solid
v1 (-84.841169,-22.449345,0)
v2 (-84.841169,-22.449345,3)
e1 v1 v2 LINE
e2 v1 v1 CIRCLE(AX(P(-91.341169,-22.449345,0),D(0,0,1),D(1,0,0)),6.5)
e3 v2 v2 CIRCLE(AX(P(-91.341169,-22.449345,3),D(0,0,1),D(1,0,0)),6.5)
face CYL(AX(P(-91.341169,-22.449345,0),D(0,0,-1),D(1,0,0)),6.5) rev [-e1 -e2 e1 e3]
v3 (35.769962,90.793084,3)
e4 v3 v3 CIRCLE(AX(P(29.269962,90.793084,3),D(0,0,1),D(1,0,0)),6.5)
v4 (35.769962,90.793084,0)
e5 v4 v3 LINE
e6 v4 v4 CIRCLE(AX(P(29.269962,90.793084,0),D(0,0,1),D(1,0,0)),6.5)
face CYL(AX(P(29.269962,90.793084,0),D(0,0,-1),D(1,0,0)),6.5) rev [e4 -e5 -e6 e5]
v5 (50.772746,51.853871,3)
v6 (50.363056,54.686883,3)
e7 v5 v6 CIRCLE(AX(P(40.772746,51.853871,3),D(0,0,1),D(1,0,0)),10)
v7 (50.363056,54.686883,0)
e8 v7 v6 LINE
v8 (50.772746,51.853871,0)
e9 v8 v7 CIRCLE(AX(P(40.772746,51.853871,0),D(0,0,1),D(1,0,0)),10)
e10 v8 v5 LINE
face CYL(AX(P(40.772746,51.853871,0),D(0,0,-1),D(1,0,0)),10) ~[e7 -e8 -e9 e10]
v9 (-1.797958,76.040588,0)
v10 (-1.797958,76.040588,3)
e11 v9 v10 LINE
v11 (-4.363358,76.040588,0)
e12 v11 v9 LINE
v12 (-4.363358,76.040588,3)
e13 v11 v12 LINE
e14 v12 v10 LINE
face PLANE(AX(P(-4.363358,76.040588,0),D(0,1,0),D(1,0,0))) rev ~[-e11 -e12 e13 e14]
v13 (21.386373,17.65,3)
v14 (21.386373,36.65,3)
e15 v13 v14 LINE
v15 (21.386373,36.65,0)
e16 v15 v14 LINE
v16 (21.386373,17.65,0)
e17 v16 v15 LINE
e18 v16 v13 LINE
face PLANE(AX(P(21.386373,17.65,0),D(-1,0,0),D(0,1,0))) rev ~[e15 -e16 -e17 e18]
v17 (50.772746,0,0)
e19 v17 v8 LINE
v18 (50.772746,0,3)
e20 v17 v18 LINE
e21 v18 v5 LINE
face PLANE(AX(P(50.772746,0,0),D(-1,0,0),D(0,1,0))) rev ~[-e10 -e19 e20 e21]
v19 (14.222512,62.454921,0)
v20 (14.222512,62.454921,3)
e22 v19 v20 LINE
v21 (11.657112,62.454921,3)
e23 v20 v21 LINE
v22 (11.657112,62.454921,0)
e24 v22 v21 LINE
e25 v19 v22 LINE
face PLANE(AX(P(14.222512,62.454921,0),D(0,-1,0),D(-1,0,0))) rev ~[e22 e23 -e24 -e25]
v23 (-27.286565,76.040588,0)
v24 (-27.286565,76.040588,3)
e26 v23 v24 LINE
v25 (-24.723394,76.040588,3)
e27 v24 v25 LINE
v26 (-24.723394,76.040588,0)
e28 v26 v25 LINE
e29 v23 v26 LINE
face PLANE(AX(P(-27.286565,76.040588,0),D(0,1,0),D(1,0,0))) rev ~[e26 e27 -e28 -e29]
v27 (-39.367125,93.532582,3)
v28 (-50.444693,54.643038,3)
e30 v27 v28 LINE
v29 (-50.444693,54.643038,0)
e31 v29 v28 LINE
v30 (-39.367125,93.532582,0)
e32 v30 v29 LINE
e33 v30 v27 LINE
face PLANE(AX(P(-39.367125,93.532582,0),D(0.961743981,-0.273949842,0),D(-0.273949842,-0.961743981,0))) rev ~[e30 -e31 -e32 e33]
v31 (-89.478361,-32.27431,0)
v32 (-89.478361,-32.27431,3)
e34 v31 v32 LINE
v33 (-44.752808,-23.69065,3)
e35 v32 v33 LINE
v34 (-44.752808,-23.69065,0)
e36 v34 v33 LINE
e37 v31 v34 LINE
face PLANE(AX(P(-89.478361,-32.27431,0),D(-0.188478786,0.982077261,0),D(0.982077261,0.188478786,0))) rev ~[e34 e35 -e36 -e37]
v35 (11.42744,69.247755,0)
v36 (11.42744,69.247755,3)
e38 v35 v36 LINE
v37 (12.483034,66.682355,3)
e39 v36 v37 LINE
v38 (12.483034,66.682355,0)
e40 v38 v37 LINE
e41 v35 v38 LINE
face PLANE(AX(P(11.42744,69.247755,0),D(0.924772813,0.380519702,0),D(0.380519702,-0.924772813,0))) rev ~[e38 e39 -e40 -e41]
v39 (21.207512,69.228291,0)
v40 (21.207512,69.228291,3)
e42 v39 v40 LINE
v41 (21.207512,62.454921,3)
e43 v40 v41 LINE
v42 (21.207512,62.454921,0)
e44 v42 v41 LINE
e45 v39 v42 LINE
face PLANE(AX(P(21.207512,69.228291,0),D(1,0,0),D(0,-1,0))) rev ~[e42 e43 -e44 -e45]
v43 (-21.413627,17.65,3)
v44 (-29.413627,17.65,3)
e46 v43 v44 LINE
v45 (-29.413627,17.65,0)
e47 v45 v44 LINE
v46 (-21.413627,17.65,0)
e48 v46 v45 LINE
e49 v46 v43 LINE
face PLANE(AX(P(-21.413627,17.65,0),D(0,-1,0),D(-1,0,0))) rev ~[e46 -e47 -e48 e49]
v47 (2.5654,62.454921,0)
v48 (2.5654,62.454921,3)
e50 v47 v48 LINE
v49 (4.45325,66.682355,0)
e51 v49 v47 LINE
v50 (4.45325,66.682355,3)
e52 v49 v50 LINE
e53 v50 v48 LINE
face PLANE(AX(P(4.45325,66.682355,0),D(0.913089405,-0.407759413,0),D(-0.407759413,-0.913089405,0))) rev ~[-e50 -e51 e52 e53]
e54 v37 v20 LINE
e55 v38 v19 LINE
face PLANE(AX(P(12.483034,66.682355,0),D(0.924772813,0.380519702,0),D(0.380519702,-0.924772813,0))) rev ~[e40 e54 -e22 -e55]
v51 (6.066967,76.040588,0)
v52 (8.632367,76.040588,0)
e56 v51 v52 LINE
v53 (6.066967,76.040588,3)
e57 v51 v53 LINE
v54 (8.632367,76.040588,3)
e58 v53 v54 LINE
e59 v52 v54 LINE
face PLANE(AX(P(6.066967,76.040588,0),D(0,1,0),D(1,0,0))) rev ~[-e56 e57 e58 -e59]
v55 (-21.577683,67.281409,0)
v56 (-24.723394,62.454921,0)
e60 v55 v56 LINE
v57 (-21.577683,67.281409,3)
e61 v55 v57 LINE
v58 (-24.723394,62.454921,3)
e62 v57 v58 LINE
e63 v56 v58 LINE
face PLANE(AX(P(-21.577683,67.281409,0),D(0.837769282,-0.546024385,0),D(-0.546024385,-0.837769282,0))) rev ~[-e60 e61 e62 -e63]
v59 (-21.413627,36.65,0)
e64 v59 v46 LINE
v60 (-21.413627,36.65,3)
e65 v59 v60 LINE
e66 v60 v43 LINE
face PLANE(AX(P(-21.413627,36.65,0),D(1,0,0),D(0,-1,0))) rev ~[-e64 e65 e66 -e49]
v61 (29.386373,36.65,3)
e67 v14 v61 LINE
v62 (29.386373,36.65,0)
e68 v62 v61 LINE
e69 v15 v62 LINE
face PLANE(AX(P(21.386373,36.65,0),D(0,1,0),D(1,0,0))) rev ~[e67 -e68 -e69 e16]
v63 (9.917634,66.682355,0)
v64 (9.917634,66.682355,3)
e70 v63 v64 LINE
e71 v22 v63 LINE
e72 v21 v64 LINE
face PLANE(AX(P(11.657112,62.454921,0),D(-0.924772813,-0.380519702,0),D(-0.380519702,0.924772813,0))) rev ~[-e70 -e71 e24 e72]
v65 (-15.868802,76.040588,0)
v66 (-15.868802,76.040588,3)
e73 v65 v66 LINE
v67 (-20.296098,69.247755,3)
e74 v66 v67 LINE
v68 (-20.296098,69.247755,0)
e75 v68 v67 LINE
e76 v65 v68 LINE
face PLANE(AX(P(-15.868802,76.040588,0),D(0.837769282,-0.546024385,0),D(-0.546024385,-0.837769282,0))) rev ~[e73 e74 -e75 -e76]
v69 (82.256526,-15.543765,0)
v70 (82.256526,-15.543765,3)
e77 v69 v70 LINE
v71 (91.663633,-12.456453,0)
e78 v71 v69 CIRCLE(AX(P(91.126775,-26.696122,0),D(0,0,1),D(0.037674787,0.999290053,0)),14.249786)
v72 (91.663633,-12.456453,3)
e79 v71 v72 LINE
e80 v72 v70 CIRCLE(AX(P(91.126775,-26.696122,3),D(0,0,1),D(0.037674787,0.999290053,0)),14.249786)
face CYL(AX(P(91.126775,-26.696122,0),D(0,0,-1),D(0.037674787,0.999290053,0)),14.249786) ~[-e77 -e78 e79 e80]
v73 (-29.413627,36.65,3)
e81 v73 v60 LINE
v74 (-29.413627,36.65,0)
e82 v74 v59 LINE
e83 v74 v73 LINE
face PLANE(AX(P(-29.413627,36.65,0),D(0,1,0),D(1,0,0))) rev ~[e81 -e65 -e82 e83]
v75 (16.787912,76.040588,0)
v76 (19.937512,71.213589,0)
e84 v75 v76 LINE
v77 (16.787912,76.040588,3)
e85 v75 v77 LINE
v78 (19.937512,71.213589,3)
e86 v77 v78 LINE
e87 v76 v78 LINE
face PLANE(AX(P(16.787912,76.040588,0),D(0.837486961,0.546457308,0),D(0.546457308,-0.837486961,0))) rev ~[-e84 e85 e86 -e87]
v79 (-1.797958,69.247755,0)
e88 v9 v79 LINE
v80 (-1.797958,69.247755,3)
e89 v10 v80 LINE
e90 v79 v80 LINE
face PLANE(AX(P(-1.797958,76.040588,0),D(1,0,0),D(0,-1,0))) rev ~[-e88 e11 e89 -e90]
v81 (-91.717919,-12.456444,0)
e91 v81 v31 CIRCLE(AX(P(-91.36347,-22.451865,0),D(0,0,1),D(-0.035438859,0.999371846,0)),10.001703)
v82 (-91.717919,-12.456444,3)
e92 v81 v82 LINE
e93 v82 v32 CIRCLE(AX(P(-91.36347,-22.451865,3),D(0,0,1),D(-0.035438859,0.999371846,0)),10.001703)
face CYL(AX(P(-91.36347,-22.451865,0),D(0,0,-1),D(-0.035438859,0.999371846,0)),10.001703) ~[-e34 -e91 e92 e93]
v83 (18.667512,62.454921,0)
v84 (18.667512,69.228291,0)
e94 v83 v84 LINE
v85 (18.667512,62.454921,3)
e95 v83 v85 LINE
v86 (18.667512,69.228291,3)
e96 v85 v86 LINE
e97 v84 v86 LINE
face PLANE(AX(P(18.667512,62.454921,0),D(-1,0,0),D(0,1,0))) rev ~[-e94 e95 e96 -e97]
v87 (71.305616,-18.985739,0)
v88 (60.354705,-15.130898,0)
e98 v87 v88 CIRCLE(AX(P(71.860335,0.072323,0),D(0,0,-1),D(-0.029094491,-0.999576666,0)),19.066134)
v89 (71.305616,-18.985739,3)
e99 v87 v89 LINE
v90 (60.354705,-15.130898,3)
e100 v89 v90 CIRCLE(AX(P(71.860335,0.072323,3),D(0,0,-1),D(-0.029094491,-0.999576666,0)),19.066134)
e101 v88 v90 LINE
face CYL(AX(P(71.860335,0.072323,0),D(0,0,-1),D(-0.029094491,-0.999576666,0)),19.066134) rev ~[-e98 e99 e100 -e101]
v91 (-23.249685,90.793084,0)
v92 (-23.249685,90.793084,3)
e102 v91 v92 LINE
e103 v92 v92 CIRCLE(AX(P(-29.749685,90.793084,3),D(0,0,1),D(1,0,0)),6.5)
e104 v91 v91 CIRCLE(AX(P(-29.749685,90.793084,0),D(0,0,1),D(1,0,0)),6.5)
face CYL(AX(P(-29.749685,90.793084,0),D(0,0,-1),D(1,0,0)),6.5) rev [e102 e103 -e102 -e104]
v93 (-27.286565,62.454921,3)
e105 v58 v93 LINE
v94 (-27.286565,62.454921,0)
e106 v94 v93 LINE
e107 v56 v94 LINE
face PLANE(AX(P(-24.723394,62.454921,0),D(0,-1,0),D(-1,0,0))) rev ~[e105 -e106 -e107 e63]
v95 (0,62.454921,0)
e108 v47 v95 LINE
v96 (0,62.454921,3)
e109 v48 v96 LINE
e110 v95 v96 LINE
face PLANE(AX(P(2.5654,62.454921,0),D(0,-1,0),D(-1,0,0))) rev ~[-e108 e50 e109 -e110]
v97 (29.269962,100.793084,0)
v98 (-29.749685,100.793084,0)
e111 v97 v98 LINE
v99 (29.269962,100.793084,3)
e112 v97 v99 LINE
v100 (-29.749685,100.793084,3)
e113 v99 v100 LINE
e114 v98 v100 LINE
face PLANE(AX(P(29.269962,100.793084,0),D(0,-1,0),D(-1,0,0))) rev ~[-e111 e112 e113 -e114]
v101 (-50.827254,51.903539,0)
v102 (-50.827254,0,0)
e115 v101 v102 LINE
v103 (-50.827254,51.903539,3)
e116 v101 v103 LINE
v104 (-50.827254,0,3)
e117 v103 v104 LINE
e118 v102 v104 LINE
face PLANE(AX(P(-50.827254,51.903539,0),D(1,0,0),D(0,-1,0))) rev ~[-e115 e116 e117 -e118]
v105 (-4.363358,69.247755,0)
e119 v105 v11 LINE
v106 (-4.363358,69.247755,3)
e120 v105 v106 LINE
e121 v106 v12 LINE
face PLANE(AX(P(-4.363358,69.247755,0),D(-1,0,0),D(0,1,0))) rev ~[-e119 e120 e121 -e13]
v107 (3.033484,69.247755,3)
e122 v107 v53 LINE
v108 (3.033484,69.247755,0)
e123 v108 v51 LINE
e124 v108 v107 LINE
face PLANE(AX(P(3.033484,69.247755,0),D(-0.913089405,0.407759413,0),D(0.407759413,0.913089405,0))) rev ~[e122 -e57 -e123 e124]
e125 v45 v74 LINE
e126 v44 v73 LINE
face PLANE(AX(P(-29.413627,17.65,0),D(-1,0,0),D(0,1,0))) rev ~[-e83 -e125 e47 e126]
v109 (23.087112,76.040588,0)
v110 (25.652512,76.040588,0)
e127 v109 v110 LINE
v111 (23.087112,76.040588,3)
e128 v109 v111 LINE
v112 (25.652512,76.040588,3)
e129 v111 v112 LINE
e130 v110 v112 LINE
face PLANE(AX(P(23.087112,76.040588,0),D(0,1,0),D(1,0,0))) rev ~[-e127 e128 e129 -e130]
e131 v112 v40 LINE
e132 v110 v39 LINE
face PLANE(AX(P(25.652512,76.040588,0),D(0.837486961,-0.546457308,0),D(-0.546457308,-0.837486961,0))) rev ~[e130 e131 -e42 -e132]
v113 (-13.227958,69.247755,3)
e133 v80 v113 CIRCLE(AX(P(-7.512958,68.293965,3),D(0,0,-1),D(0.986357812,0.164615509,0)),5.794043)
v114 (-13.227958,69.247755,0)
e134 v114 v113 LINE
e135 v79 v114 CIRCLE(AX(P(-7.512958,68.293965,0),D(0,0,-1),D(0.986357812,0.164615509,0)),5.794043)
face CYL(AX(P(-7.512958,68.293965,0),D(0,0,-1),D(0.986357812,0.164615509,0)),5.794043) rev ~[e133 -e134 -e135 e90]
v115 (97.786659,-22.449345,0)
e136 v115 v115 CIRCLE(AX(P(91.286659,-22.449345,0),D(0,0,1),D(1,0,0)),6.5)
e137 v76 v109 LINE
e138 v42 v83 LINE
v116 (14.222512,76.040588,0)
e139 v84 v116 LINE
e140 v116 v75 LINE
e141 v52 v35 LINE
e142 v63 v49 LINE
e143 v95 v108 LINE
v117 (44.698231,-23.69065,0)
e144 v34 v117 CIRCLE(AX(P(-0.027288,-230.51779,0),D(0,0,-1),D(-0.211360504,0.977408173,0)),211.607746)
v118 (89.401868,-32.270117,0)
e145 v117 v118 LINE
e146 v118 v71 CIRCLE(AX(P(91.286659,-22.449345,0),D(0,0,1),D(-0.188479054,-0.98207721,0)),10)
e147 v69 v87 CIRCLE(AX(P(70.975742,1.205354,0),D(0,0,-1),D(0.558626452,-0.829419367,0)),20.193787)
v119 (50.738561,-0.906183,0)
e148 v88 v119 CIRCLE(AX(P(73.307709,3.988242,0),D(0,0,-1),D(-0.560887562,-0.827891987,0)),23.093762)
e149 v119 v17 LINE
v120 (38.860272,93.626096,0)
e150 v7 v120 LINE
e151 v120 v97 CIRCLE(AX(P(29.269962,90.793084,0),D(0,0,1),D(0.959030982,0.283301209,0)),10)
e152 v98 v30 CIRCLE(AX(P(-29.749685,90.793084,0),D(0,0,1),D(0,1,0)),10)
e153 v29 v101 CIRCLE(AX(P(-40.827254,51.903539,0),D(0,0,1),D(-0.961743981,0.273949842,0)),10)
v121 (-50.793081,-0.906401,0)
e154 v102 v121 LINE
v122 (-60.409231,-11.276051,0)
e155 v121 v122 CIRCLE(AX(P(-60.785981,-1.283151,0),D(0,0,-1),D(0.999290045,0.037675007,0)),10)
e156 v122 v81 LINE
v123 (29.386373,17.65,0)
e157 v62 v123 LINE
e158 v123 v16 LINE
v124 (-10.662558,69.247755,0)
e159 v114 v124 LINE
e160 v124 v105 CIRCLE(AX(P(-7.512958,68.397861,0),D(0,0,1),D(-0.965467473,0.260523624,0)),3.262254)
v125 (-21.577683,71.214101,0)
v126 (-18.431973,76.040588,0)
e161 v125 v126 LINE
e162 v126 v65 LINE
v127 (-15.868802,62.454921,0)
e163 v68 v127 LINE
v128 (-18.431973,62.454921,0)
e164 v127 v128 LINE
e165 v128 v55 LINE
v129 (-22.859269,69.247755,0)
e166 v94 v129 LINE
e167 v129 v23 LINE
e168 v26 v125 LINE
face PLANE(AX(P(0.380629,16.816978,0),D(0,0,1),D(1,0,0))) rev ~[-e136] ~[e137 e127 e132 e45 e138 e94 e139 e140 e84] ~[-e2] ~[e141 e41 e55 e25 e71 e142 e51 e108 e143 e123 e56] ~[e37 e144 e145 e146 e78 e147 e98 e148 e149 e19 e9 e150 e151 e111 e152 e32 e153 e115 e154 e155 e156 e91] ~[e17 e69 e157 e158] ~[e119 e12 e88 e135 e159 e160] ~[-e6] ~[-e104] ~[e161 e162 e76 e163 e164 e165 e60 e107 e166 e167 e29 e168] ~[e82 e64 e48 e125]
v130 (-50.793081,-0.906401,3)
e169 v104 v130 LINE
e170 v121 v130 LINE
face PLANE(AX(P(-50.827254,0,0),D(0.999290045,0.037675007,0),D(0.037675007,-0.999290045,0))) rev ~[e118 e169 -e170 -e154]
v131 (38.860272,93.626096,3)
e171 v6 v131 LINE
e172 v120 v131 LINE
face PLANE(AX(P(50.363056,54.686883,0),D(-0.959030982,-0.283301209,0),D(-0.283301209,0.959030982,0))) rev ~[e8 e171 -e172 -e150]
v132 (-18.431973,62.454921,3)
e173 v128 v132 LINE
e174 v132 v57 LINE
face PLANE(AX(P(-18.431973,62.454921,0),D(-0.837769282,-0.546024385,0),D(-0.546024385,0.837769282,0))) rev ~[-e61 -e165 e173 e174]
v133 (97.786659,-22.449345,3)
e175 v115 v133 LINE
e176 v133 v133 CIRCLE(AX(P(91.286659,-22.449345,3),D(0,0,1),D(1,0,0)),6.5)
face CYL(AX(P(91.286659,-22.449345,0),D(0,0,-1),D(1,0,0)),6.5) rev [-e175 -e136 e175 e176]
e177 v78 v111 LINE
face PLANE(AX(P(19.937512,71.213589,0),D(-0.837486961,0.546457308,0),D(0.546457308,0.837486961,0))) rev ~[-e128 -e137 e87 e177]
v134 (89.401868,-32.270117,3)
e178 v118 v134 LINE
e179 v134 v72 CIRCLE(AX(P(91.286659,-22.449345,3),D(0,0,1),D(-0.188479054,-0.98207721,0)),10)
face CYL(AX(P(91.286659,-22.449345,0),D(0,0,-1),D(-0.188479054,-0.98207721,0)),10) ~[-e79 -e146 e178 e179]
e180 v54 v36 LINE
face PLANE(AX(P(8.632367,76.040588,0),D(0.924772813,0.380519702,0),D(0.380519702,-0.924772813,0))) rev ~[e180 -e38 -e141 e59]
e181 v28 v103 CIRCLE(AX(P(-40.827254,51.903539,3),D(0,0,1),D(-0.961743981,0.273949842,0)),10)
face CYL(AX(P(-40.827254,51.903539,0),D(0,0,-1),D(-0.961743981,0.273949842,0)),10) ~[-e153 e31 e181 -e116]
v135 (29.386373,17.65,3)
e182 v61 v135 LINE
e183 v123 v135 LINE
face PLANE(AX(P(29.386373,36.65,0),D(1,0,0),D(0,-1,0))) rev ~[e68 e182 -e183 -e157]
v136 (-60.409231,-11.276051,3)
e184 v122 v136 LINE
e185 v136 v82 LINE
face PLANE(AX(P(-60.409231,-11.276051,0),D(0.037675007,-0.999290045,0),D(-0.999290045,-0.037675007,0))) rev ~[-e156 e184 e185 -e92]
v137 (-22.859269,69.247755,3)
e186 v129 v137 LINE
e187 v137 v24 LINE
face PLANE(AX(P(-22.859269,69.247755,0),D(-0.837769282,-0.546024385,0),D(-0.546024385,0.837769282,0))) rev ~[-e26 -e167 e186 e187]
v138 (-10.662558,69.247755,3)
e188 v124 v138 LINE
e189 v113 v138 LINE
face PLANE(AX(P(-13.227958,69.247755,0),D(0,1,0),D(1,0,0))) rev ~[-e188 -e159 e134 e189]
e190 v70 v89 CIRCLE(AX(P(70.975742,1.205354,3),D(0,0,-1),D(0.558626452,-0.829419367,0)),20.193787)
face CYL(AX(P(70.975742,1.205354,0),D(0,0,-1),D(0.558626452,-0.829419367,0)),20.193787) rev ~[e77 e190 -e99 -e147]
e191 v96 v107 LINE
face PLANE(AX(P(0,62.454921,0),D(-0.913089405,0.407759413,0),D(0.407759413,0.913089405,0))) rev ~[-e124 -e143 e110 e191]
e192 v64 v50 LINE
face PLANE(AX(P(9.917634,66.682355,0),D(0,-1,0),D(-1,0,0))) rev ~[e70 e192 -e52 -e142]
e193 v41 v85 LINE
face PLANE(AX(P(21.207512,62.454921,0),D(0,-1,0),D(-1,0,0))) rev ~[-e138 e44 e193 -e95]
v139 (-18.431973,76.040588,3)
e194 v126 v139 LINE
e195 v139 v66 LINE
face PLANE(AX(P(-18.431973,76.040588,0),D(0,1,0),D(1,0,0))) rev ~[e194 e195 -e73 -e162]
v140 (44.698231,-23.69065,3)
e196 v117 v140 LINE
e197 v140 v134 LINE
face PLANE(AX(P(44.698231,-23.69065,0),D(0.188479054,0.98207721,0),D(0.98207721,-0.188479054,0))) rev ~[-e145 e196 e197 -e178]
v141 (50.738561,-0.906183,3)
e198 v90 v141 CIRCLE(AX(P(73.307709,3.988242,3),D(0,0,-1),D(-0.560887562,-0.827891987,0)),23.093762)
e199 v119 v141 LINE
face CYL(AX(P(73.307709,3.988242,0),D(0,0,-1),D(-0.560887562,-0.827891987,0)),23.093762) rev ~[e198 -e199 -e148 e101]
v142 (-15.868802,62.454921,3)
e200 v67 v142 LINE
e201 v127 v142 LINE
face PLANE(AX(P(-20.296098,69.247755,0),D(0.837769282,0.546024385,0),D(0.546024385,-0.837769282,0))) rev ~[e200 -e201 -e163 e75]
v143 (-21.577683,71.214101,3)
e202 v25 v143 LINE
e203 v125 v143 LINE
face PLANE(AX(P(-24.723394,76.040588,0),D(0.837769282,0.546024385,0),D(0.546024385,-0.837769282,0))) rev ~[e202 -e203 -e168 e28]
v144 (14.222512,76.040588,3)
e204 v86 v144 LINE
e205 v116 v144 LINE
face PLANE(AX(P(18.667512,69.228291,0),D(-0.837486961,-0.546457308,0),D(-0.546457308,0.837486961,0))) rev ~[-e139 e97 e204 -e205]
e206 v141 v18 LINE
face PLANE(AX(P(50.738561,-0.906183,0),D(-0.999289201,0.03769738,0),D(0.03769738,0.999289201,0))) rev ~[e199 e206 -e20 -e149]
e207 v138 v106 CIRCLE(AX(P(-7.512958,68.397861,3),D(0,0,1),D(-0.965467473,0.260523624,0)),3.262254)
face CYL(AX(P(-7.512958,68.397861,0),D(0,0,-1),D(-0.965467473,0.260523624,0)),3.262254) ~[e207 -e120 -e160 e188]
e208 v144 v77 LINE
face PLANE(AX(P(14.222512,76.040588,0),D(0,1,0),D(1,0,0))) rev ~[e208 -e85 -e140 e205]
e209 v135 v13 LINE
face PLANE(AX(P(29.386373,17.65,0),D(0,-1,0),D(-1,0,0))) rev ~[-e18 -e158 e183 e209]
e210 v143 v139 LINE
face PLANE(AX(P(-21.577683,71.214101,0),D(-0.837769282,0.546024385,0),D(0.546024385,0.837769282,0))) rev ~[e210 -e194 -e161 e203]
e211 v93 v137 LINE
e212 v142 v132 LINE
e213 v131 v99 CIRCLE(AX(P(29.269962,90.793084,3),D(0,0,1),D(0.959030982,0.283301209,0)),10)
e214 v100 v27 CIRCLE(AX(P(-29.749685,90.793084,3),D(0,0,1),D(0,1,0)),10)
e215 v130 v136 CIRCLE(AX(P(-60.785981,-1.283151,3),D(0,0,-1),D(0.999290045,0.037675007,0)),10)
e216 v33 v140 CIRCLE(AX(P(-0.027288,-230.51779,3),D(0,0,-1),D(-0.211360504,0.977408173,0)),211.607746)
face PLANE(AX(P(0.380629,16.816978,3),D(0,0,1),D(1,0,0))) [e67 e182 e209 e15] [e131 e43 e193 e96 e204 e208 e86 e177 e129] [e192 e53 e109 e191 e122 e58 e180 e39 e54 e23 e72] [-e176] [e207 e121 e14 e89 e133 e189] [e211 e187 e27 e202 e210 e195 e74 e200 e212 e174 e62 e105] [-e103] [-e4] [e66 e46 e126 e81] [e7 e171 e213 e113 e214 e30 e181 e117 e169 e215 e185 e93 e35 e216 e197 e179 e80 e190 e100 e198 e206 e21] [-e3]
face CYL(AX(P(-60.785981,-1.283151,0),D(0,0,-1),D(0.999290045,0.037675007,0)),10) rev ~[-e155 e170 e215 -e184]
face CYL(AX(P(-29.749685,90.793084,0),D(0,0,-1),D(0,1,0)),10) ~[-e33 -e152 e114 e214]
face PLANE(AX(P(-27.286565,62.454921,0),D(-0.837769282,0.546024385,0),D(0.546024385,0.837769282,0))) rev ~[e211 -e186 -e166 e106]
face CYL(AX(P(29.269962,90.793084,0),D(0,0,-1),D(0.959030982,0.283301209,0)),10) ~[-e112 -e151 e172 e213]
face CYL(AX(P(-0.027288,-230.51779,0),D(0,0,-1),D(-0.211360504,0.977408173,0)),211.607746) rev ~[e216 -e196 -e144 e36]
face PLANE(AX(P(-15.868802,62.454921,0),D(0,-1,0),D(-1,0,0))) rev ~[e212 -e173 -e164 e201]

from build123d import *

# Parameters (mm, degrees)
F0_R     = 6.5
F1_DEPTH = 3


with BuildPart() as f1:
    # F0 (on Top) → F1 (new body)
    with BuildSketch(Plane.XY):
        with BuildLine():
            ThreePointArc((-50.4446934155, 54.643037695), (-50.7311517832, 53.2865797574), (-50.8272536099, 51.9035392764))
            Line((-50.8272536099, 51.9035392764), (-50.8272536099, 0))
            Line((-50.8272536099, 0), (-50.793080697, -0.9064006647))
            ThreePointArc((-50.793080697, -0.9064006647), (-53.4535309431, -8.0827958775), (-60.4092310726, -11.2760511869))
            Line((-60.4092310726, -11.2760511869), (-91.7179190296, -12.4564442613))
            ThreePointArc((-91.7179190296, -12.4564442613), (-101.3019147634, -23.5749788423), (-89.4783611915, -32.2743102182))
            Line((-89.4783611915, -32.2743102182), (-44.7528083417, -23.6906495904))
            ThreePointArc((-44.7528083417, -23.6906495904), (-0.027288473, -18.9100440737), (44.6982313957, -23.6906495904))
            Line((44.6982313957, -23.6906495904), (89.4018683635, -32.2701168083))
            ThreePointArc((89.4018683635, -32.2701168083), (101.2221357059, -23.5834967295), (91.6636327073, -12.4564526987))
            ThreePointArc((91.6636327073, -12.4564526987), (86.6833273054, -13.1568395353), (82.2565257549, -15.5437646806))
            ThreePointArc((82.2565257549, -15.5437646806), (77.0307926492, -18.0592618118), (71.3056156264, -18.9857392083))
            ThreePointArc((71.3056156264, -18.9857392083), (65.5296199383, -17.9121006865), (60.3547054978, -15.1308983568))
            ThreePointArc((60.3547054978, -15.1308983568), (54.175499635, -8.9454500235), (50.73856136, -0.9061831743))
            Line((50.73856136, -0.9061831743), (50.7727463901, 0))
            Line((50.7727463901, 0), (50.7727463901, 51.8538707076))
            ThreePointArc((50.7727463901, 51.8538707076), (50.669793885, 53.2851117367), (50.3630562134, 54.6868827959))
            Line((50.3630562134, 54.6868827959), (38.8602722461, 93.6260961278))
            ThreePointArc((38.8602722461, 93.6260961278), (35.256191583, 98.8033936741), (29.2699624228, 100.7930840395))
            Line((29.2699624228, 100.7930840395), (-29.7496853037, 100.7930840395))
            ThreePointArc((-29.7496853037, 100.7930840395), (-35.7748415596, 98.7741549008), (-39.3671251094, 93.5325824581))
            Line((-39.3671251094, 93.5325824581), (-50.4446934155, 54.643037695))
        make_face()
        with Locations((-91.3411689563, -22.4493447103)):
            Circle(F0_R, mode=Mode.SUBTRACT)
        Polygon((-21.4136268049, 36.65), (-21.4136268049, 26.65), (-21.4136268049, 17.65), (-29.4136268049, 17.65), (-29.4136268049, 26.65), (-29.4136268049, 36.65), align=None, mode=Mode.SUBTRACT)
        with Locations((91.2866589082, -22.4493447103)):
            Circle(F0_R, mode=Mode.SUBTRACT)
        Polygon((21.3863731951, 17.65), (21.3863731951, 26.65), (21.3863731951, 36.65), (29.3863731951, 36.65), (29.3863731951, 26.65), (29.3863731951, 17.65), align=None, mode=Mode.SUBTRACT)
        Polygon((-22.8592688218, 69.2477548305), (-27.2865649313, 76.0405882364), (-24.7233938426, 76.0405882364), (-21.5776832774, 71.2141010795), (-18.4319727123, 76.0405882364), (-15.8688016236, 76.0405882364), (-20.2960977331, 69.2477548305), (-15.8688016236, 62.4549214246), (-18.4319727123, 62.4549214246), (-21.5776832774, 67.2814085815), (-24.7233938426, 62.4549214246), (-27.2865649313, 62.4549214246), align=None, mode=Mode.SUBTRACT)
        with BuildLine():
            ThreePointArc((-1.7979582322, 69.2477548305), (-7.5129582322, 62.4999219931), (-13.2279582322, 69.2477548305))
            Line((-13.2279582322, 69.2477548305), (-10.6625582322, 69.2477548305))
            ThreePointArc((-10.6625582322, 69.2477548305), (-7.5129582322, 65.1356067586), (-4.3633582322, 69.2477548305))
            Line((-4.3633582322, 69.2477548305), (-4.3633582322, 76.0405882364))
            Line((-4.3633582322, 76.0405882364), (-1.7979582322, 76.0405882364))
            Line((-1.7979582322, 76.0405882364), (-1.7979582322, 69.2477548305))
        make_face(mode=Mode.SUBTRACT)
        with Locations((-29.7496853037, 90.7930840395)):
            Circle(F0_R, mode=Mode.SUBTRACT)
        Polygon((2.5654, 62.4549214246), (0, 62.4549214246), (3.0334836338, 69.2477548305), (6.0669672675, 76.0405882364), (8.6323672675, 76.0405882364), (11.4274396446, 69.2477548305), (12.4830343056, 66.6823548305), (14.2225120217, 62.4549214246), (11.6571120217, 62.4549214246), (9.9176343056, 66.6823548305), (4.453249927, 66.6823548305), align=None, mode=Mode.SUBTRACT)
        Polygon((18.6675120217, 69.2282911245), (14.2225120217, 76.0405882364), (16.7879120217, 76.0405882364), (19.9375120217, 71.21358914), (23.0871120217, 76.0405882364), (25.6525120217, 76.0405882364), (21.2075120217, 69.2282911245), (21.2075120217, 62.4549214246), (19.9375120217, 62.4549214246), (18.6675120217, 62.4549214246), align=None, mode=Mode.SUBTRACT)
        with Locations((29.2699624228, 90.7930840395)):
            Circle(F0_R, mode=Mode.SUBTRACT)
    extrude(amount=F1_DEPTH)


solid = f1.part
